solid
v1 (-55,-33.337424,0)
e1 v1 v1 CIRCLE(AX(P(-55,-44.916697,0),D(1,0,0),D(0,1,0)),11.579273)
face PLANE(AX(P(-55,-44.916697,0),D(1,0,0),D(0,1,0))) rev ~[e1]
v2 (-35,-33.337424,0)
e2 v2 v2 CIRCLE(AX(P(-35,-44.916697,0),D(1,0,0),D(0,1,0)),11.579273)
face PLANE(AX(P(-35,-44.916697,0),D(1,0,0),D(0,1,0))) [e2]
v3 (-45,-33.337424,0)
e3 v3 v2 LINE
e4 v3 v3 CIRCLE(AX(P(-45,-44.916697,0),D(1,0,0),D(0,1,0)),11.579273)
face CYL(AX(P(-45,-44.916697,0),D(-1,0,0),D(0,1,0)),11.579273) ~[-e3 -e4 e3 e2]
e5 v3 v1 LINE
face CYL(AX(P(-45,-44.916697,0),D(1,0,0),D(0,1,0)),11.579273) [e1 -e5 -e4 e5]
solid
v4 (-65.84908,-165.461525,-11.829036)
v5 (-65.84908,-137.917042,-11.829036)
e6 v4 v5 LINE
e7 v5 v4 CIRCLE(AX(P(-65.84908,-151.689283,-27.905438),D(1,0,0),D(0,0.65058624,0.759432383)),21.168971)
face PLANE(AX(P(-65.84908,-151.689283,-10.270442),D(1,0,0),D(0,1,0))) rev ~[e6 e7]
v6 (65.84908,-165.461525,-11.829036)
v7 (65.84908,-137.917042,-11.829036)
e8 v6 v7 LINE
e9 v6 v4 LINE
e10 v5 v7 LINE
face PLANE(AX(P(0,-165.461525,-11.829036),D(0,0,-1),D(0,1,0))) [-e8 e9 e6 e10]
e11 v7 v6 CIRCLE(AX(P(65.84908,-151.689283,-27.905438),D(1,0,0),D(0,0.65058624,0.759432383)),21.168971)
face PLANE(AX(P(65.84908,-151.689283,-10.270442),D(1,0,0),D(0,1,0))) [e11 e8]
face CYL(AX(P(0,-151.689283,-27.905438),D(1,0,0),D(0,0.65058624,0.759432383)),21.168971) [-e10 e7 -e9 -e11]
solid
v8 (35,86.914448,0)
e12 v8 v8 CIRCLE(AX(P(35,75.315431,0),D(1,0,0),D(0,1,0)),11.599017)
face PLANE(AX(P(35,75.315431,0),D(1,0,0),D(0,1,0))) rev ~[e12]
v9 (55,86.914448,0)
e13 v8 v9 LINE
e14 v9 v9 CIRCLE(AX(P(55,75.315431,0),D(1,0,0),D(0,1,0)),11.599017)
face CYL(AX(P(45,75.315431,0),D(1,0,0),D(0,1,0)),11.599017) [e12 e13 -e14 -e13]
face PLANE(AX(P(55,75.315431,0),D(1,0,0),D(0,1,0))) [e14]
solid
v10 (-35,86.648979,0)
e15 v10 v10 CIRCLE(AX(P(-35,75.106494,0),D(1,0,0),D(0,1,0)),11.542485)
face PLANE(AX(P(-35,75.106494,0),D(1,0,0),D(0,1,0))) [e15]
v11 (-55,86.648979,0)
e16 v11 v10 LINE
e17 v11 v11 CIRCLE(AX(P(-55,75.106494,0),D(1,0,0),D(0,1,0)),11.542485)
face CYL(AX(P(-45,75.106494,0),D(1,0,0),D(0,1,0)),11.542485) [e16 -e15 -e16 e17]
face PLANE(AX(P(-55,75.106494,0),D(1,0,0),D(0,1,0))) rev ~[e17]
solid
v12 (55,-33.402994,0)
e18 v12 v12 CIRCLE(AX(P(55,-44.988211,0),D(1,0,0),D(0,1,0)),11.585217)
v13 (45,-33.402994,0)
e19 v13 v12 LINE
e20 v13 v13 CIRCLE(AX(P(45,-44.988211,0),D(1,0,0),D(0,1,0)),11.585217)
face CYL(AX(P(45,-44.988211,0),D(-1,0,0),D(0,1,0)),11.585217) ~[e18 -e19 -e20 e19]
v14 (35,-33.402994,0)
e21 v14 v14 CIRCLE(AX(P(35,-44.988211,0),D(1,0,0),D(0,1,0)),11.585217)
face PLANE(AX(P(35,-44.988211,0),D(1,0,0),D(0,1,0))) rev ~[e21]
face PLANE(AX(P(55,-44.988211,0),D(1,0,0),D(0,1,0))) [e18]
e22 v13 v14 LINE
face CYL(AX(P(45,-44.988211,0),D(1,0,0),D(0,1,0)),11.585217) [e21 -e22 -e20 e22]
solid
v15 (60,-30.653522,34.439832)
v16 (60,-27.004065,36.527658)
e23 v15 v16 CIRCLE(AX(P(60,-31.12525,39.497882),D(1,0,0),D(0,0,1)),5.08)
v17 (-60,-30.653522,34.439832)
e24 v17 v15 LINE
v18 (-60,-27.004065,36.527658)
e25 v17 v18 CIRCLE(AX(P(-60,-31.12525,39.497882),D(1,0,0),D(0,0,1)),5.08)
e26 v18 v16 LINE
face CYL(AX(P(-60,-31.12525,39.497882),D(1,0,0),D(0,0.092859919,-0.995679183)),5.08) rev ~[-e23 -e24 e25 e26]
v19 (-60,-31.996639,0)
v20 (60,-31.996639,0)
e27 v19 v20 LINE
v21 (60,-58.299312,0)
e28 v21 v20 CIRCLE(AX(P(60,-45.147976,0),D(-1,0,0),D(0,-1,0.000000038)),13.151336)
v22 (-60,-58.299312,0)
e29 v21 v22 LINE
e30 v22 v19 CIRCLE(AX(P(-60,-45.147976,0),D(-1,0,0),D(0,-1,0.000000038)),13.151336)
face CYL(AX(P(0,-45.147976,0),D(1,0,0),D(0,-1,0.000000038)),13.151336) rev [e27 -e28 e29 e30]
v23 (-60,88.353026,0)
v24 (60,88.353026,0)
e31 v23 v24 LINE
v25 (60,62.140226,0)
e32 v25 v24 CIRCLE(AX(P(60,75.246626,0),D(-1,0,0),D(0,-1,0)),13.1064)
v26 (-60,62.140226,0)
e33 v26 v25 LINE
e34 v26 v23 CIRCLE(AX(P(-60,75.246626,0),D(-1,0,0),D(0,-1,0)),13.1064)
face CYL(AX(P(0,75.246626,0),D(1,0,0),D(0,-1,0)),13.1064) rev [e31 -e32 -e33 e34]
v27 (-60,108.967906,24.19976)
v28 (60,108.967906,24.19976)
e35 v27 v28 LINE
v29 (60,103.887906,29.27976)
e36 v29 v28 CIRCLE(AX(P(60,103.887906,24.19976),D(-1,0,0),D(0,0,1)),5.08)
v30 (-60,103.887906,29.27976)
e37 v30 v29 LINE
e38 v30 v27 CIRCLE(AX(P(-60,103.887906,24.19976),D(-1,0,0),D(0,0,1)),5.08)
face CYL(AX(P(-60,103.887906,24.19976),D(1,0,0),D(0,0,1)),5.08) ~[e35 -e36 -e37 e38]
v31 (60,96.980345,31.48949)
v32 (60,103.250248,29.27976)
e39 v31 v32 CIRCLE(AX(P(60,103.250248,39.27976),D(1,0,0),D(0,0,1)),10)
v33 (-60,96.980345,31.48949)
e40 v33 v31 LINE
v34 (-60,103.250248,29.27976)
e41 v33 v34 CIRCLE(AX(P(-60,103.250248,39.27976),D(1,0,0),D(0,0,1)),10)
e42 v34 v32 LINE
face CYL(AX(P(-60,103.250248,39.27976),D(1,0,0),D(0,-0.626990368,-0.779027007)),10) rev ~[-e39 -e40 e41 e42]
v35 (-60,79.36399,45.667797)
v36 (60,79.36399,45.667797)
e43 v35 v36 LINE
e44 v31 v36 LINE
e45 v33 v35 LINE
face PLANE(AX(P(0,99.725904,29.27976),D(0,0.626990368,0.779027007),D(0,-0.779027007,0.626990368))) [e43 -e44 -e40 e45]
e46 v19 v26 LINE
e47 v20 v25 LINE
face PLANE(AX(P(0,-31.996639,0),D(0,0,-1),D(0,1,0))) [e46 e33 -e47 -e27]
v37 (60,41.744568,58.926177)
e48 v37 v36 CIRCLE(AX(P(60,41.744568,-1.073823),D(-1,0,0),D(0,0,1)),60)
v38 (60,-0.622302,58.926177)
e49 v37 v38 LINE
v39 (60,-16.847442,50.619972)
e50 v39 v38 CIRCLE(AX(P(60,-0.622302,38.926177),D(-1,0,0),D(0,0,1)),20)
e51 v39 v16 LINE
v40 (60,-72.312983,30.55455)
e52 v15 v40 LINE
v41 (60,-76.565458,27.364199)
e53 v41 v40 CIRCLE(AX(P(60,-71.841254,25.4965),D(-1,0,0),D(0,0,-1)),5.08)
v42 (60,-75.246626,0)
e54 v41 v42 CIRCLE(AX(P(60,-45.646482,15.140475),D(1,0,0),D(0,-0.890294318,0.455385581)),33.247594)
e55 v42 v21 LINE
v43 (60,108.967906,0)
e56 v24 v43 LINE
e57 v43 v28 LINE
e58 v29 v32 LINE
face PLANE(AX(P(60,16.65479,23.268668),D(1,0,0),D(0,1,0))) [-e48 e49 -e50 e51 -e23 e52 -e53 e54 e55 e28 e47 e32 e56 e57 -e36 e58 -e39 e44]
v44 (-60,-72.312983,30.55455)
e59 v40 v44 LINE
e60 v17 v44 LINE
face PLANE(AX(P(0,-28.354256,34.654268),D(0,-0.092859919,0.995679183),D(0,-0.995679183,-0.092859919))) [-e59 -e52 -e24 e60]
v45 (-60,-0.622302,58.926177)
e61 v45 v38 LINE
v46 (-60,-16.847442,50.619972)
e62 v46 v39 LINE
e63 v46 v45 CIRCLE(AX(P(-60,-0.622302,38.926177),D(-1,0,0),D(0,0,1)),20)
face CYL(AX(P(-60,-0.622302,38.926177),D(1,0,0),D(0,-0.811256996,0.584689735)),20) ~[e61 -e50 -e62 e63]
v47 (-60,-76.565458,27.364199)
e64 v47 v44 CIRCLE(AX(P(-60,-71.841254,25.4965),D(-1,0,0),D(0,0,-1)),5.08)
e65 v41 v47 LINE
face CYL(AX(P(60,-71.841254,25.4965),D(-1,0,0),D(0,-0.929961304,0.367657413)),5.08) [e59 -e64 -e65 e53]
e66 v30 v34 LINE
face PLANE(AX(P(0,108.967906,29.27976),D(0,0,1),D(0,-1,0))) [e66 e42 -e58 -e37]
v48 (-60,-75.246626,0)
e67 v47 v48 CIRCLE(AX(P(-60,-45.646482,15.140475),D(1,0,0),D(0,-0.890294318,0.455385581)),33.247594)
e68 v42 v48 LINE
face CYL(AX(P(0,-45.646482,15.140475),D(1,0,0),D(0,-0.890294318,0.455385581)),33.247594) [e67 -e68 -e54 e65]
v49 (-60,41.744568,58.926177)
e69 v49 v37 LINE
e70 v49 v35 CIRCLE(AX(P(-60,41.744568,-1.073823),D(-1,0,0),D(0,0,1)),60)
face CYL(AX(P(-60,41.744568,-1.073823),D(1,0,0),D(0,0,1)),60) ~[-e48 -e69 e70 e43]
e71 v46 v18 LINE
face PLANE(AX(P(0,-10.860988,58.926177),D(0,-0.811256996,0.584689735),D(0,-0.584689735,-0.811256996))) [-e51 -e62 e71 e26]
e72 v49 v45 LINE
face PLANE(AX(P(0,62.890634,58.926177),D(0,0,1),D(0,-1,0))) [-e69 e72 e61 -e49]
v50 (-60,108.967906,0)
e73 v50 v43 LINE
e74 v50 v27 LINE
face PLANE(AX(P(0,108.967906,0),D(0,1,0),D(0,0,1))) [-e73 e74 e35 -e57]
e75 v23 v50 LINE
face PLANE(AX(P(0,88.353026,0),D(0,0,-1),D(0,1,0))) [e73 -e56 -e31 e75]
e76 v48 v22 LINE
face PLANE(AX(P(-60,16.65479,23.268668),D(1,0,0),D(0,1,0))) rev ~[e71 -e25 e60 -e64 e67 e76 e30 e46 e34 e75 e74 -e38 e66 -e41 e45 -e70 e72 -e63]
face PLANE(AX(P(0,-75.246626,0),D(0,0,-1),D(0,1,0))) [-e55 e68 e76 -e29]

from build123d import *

# Parameters (mm, degrees)
F1_DEPTH  = 60
F2_R      = 5.08
F3_R      = 20
F4_R      = 60
F5_R      = 10
F6_R      = 5.08
F8_R      = 11.585217
F8_R_2    = 11.599017
F9_DEPTH  = 10
F12_DEPTH = 65.84908
F14_R     = 11.579273
F14_R_2   = 11.542485
F15_DEPTH = 10


with BuildPart() as f1:
    # F0 (on Right) → F1 (new body, symmetric)
    with BuildSketch(Plane.YZ):
        with BuildLine():
            ThreePointArc((-58.299312, 0), (-45.147976, 13.151336), (-31.996639, 0))
            Line((-31.996639, 0), (62.140226, 0))
            ThreePointArc((62.140226, 0), (75.246626, 13.1064), (88.353026, 0))
            Line((88.353026, 0), (108.967906, 0))
            Line((108.967906, 0), (108.967906, 29.27976))
            Line((108.967906, 29.27976), (99.725904, 29.27976))
            Line((99.725904, 29.27976), (62.890634, 58.926177))
            Line((62.890634, 58.926177), (-10.860988, 58.926177))
            Line((-10.860988, 58.926177), (-28.354256, 34.654268))
            Line((-28.354256, 34.654268), (-75.246626, 30.28095))
            ThreePointArc((-75.246626, 30.28095), (-78.894076, 15.140475), (-75.246626, 0))
            Line((-75.246626, 0), (-58.299312, 0))
        make_face()
    extrude(amount=F1_DEPTH, both=True)

    # F2
    f2_edges = [f1.edges().sort_by_distance(p)[0] for p in [
        (0, -75.246626, 30.28095),
        (0, -28.354256, 34.654268),
    ]]
    fillet(f2_edges, radius=F2_R)

    # F3
    f3_edges = [f1.edges().sort_by_distance(p)[0] for p in [
        (0, -10.860988, 58.926177),
    ]]
    fillet(f3_edges, radius=F3_R)

    # F4
    f4_edges = [f1.edges().sort_by_distance(p)[0] for p in [
        (0, 62.890634, 58.926177),
    ]]
    fillet(f4_edges, radius=F4_R)

    # F5
    f5_edges = [f1.edges().sort_by_distance(p)[0] for p in [
        (0, 99.725904, 29.27976),
    ]]
    fillet(f5_edges, radius=F5_R)

    # F6
    f6_edges = [f1.edges().sort_by_distance(p)[0] for p in [
        (0, 108.967906, 29.27976),
    ]]
    fillet(f6_edges, radius=F6_R)


with BuildPart() as f9:
    # F8 (on offset) → F9 (new body, symmetric)
    with BuildSketch(Plane.YZ.offset(45)):
        with Locations((-44.988211, 0)):
            Circle(F8_R)
        with Locations((75.315431, 0)):
            Circle(F8_R_2)
    extrude(amount=F9_DEPTH, both=True)


with BuildPart() as f12:
    # F11 (on Right) → F12 (new body, symmetric)
    with BuildSketch(Plane.YZ):
        with BuildLine():
            Line((-165.461525, -11.829036), (-137.917042, -11.829036))
            ThreePointArc((-137.917042, -11.829036), (-151.689284, -6.736467), (-165.461525, -11.829036))
        make_face()
    extrude(amount=F12_DEPTH, both=True)


with BuildPart() as f15:
    # F14 (on offset) → F15 (new body, symmetric)
    with BuildSketch(Plane.YZ.offset(-45)):
        with Locations((-44.916697, 0)):
            Circle(F14_R)
        with Locations((75.106494, 0)):
            Circle(F14_R_2)
    extrude(amount=F15_DEPTH, both=True)


solid = Compound([f1.part, f9.part, f12.part, f15.part])
